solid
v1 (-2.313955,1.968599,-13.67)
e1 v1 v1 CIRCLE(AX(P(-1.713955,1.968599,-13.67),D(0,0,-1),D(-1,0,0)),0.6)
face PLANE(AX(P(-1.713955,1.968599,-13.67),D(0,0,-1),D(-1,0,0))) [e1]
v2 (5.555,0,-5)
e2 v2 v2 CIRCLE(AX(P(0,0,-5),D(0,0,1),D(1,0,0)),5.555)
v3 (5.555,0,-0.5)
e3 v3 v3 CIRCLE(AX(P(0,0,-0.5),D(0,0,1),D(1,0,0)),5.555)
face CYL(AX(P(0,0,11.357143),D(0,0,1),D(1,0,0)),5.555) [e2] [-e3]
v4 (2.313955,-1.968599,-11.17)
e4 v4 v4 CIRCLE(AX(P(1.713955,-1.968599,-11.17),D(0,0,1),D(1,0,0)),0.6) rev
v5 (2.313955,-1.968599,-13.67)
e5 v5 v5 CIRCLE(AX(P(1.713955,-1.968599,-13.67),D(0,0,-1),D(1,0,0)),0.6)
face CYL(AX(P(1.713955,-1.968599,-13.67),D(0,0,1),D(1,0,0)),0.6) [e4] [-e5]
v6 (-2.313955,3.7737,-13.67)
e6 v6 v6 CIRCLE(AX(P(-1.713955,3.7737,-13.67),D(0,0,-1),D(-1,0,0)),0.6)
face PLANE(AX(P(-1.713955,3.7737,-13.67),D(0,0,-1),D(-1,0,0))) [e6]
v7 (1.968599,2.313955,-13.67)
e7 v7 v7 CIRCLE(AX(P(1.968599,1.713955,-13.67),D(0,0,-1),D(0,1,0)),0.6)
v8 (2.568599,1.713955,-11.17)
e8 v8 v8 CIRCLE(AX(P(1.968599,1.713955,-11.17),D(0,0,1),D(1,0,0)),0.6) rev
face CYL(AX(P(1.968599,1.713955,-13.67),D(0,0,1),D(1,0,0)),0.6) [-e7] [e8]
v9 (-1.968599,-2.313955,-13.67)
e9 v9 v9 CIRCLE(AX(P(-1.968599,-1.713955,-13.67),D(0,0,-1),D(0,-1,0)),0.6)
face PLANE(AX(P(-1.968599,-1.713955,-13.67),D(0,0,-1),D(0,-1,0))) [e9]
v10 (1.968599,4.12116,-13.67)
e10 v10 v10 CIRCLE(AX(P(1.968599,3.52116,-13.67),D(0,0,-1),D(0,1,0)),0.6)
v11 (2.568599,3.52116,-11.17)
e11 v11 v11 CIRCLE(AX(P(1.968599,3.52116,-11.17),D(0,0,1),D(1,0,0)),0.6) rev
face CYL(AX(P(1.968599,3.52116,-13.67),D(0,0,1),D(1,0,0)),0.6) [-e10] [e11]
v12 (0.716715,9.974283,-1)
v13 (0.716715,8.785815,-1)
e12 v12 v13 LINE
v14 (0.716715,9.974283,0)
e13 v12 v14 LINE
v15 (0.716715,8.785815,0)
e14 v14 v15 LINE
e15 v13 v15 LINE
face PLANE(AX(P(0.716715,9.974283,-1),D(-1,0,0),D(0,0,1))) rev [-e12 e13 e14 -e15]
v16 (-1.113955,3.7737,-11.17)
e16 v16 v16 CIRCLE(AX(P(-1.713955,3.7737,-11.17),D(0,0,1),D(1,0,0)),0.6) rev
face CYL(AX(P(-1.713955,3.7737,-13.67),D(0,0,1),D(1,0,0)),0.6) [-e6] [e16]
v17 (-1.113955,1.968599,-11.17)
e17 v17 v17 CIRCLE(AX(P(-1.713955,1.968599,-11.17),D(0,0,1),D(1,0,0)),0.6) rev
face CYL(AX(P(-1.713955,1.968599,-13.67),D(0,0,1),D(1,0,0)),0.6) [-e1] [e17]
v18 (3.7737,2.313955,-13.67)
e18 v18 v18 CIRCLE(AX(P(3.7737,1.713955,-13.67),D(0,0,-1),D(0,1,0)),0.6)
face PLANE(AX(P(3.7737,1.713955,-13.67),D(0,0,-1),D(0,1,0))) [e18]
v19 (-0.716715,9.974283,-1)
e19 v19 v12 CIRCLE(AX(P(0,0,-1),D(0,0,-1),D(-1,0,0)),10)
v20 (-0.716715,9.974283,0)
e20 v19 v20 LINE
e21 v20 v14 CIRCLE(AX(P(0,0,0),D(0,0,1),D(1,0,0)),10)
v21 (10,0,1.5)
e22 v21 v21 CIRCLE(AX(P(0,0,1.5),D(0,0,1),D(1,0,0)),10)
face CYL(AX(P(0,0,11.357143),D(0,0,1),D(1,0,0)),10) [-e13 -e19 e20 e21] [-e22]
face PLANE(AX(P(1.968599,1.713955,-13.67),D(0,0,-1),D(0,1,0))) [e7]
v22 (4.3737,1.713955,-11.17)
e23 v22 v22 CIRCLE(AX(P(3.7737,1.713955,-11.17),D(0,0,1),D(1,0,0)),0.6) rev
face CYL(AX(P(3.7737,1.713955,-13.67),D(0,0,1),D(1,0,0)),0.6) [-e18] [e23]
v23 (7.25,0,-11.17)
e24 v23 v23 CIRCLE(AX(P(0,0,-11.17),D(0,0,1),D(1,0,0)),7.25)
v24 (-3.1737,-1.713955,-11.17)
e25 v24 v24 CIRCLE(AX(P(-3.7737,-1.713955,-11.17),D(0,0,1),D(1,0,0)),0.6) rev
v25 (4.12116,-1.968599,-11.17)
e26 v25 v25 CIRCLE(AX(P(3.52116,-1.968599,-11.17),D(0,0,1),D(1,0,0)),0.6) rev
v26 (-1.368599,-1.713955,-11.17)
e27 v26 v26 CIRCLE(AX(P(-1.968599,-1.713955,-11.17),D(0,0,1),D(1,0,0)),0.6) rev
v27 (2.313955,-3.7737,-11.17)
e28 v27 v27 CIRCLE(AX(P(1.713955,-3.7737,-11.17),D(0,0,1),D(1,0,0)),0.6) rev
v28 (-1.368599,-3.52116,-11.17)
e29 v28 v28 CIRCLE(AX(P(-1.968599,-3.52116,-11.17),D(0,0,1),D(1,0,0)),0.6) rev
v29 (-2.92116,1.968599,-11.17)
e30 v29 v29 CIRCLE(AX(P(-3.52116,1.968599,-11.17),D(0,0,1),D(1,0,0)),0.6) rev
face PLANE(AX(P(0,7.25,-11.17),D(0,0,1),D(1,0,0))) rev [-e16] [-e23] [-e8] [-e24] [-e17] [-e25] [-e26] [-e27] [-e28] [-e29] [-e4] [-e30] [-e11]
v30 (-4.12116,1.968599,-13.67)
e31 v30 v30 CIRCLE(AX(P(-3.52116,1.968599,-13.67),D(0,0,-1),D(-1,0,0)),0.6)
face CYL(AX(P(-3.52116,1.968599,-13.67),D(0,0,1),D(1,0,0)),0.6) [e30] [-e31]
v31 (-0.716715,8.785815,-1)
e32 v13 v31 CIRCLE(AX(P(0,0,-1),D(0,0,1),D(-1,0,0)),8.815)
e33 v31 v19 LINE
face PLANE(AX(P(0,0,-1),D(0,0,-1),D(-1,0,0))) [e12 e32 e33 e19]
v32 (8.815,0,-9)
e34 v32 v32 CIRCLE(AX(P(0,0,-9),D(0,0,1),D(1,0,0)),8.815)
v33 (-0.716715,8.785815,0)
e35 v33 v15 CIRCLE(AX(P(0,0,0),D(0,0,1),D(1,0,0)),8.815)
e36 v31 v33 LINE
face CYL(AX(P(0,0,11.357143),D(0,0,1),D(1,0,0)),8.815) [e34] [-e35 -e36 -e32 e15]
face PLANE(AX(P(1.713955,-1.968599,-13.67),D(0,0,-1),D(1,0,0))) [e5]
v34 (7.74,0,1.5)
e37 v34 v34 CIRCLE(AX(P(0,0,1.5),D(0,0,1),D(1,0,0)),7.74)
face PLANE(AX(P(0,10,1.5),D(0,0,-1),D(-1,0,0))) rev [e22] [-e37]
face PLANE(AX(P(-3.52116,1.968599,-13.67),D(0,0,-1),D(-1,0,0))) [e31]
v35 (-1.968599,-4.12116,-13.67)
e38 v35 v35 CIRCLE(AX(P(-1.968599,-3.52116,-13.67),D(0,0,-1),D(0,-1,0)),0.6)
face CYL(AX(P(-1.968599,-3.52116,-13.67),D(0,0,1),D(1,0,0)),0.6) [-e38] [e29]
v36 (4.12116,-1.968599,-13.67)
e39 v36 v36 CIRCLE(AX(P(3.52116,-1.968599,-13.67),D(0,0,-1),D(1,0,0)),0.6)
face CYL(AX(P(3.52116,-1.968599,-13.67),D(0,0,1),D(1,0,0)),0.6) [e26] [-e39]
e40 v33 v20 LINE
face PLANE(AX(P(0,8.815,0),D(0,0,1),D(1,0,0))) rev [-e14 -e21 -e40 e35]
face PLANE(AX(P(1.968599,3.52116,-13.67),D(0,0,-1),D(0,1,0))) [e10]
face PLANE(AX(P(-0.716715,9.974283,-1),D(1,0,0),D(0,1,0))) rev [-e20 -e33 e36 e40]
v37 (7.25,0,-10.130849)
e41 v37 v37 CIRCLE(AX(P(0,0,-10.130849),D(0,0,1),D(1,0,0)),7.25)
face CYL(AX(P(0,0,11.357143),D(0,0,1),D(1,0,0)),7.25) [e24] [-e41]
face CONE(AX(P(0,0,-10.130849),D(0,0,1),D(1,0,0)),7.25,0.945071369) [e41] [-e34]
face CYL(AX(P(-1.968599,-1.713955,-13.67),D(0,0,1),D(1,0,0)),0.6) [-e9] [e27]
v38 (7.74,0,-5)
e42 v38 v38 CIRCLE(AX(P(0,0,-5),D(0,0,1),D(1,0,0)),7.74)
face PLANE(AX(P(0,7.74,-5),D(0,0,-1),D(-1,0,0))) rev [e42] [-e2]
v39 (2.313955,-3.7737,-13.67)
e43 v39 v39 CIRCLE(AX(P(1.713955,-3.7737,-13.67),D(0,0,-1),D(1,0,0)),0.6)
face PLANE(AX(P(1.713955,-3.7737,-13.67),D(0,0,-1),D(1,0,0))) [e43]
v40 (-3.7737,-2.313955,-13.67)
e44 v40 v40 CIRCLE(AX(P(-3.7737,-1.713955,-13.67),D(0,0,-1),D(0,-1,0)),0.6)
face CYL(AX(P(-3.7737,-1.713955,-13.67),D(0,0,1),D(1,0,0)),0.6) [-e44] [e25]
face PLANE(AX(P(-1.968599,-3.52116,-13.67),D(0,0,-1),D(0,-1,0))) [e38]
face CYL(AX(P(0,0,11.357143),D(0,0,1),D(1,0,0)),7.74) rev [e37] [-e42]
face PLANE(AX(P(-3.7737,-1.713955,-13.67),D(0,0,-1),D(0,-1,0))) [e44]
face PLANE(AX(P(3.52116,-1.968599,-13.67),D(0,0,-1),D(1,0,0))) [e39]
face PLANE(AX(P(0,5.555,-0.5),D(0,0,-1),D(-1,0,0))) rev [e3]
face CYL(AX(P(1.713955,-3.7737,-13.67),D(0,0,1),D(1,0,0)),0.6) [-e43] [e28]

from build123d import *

# Parameters (mm, degrees)
SKETCH3_R           = 0.6
BOSS_EXTRUDE1_DEPTH = 2.5
CIRPATTERN1_COUNT   = 4
BOSS_EXTRUDE2_DEPTH = 1


with BuildPart() as part:
    # Sketch2 → Revolve1 (revolve)
    with BuildSketch(Plane(origin=(0, 0, 0), x_dir=(0, 0, -1), z_dir=(1, 0, 0))):
        Polygon((0, 8.815), (0, 10), (-1.5, 10), (-1.5, 7.74), (5, 7.74), (5, 5.555), (0.5, 5.555), (0.5, 0), (11.17, 0), (11.17, 7.25), (10.130849194, 7.25), (9, 8.815), align=None)
    revolve(axis=Axis((0, 0, 11.357142857), (0, 0, -1)))

    # Sketch3 → Boss-Extrude1 (add)
    with BuildSketch(Plane(origin=(0, 0, -11.17), x_dir=(-1, 0, 0), z_dir=(0, 0, -1))):
        with Locations((1.71395454, 3.773699623)):
            Circle(SKETCH3_R)
        with Locations((1.71395454, 1.968598852)):
            Circle(SKETCH3_R)
        with Locations((3.52115951, 1.968598852)):
            Circle(SKETCH3_R)
    boss_extrude1 = extrude(amount=BOSS_EXTRUDE1_DEPTH)

    # CirPattern1: Boss-Extrude1 ×4 about axis
    cirpattern1_axis = Axis((0, 0, 0), (0, 0, 1))
    for i in range(1, CIRPATTERN1_COUNT):
        add(boss_extrude1.rotate(cirpattern1_axis, i * 360 / CIRPATTERN1_COUNT))

    # Sketch5 → Boss-Extrude2 (add)
    with BuildSketch(Plane(origin=(0, 0, 0), x_dir=(-1, 0, 0), z_dir=(0, 0, -1))):
        with BuildLine():
            Line((-0.71671494, 9.974282916), (-0.71671494, 8.78581497))
            ThreePointArc((-0.71671494, 8.78581497), (0, 8.815), (0.71671494, 8.78581497))
            Line((0.71671494, 8.78581497), (0.71671494, 9.974282916))
            ThreePointArc((0.71671494, 9.974282916), (0, 10), (-0.71671494, 9.974282916))
        make_face()
    extrude(amount=BOSS_EXTRUDE2_DEPTH)


solid = part.part
